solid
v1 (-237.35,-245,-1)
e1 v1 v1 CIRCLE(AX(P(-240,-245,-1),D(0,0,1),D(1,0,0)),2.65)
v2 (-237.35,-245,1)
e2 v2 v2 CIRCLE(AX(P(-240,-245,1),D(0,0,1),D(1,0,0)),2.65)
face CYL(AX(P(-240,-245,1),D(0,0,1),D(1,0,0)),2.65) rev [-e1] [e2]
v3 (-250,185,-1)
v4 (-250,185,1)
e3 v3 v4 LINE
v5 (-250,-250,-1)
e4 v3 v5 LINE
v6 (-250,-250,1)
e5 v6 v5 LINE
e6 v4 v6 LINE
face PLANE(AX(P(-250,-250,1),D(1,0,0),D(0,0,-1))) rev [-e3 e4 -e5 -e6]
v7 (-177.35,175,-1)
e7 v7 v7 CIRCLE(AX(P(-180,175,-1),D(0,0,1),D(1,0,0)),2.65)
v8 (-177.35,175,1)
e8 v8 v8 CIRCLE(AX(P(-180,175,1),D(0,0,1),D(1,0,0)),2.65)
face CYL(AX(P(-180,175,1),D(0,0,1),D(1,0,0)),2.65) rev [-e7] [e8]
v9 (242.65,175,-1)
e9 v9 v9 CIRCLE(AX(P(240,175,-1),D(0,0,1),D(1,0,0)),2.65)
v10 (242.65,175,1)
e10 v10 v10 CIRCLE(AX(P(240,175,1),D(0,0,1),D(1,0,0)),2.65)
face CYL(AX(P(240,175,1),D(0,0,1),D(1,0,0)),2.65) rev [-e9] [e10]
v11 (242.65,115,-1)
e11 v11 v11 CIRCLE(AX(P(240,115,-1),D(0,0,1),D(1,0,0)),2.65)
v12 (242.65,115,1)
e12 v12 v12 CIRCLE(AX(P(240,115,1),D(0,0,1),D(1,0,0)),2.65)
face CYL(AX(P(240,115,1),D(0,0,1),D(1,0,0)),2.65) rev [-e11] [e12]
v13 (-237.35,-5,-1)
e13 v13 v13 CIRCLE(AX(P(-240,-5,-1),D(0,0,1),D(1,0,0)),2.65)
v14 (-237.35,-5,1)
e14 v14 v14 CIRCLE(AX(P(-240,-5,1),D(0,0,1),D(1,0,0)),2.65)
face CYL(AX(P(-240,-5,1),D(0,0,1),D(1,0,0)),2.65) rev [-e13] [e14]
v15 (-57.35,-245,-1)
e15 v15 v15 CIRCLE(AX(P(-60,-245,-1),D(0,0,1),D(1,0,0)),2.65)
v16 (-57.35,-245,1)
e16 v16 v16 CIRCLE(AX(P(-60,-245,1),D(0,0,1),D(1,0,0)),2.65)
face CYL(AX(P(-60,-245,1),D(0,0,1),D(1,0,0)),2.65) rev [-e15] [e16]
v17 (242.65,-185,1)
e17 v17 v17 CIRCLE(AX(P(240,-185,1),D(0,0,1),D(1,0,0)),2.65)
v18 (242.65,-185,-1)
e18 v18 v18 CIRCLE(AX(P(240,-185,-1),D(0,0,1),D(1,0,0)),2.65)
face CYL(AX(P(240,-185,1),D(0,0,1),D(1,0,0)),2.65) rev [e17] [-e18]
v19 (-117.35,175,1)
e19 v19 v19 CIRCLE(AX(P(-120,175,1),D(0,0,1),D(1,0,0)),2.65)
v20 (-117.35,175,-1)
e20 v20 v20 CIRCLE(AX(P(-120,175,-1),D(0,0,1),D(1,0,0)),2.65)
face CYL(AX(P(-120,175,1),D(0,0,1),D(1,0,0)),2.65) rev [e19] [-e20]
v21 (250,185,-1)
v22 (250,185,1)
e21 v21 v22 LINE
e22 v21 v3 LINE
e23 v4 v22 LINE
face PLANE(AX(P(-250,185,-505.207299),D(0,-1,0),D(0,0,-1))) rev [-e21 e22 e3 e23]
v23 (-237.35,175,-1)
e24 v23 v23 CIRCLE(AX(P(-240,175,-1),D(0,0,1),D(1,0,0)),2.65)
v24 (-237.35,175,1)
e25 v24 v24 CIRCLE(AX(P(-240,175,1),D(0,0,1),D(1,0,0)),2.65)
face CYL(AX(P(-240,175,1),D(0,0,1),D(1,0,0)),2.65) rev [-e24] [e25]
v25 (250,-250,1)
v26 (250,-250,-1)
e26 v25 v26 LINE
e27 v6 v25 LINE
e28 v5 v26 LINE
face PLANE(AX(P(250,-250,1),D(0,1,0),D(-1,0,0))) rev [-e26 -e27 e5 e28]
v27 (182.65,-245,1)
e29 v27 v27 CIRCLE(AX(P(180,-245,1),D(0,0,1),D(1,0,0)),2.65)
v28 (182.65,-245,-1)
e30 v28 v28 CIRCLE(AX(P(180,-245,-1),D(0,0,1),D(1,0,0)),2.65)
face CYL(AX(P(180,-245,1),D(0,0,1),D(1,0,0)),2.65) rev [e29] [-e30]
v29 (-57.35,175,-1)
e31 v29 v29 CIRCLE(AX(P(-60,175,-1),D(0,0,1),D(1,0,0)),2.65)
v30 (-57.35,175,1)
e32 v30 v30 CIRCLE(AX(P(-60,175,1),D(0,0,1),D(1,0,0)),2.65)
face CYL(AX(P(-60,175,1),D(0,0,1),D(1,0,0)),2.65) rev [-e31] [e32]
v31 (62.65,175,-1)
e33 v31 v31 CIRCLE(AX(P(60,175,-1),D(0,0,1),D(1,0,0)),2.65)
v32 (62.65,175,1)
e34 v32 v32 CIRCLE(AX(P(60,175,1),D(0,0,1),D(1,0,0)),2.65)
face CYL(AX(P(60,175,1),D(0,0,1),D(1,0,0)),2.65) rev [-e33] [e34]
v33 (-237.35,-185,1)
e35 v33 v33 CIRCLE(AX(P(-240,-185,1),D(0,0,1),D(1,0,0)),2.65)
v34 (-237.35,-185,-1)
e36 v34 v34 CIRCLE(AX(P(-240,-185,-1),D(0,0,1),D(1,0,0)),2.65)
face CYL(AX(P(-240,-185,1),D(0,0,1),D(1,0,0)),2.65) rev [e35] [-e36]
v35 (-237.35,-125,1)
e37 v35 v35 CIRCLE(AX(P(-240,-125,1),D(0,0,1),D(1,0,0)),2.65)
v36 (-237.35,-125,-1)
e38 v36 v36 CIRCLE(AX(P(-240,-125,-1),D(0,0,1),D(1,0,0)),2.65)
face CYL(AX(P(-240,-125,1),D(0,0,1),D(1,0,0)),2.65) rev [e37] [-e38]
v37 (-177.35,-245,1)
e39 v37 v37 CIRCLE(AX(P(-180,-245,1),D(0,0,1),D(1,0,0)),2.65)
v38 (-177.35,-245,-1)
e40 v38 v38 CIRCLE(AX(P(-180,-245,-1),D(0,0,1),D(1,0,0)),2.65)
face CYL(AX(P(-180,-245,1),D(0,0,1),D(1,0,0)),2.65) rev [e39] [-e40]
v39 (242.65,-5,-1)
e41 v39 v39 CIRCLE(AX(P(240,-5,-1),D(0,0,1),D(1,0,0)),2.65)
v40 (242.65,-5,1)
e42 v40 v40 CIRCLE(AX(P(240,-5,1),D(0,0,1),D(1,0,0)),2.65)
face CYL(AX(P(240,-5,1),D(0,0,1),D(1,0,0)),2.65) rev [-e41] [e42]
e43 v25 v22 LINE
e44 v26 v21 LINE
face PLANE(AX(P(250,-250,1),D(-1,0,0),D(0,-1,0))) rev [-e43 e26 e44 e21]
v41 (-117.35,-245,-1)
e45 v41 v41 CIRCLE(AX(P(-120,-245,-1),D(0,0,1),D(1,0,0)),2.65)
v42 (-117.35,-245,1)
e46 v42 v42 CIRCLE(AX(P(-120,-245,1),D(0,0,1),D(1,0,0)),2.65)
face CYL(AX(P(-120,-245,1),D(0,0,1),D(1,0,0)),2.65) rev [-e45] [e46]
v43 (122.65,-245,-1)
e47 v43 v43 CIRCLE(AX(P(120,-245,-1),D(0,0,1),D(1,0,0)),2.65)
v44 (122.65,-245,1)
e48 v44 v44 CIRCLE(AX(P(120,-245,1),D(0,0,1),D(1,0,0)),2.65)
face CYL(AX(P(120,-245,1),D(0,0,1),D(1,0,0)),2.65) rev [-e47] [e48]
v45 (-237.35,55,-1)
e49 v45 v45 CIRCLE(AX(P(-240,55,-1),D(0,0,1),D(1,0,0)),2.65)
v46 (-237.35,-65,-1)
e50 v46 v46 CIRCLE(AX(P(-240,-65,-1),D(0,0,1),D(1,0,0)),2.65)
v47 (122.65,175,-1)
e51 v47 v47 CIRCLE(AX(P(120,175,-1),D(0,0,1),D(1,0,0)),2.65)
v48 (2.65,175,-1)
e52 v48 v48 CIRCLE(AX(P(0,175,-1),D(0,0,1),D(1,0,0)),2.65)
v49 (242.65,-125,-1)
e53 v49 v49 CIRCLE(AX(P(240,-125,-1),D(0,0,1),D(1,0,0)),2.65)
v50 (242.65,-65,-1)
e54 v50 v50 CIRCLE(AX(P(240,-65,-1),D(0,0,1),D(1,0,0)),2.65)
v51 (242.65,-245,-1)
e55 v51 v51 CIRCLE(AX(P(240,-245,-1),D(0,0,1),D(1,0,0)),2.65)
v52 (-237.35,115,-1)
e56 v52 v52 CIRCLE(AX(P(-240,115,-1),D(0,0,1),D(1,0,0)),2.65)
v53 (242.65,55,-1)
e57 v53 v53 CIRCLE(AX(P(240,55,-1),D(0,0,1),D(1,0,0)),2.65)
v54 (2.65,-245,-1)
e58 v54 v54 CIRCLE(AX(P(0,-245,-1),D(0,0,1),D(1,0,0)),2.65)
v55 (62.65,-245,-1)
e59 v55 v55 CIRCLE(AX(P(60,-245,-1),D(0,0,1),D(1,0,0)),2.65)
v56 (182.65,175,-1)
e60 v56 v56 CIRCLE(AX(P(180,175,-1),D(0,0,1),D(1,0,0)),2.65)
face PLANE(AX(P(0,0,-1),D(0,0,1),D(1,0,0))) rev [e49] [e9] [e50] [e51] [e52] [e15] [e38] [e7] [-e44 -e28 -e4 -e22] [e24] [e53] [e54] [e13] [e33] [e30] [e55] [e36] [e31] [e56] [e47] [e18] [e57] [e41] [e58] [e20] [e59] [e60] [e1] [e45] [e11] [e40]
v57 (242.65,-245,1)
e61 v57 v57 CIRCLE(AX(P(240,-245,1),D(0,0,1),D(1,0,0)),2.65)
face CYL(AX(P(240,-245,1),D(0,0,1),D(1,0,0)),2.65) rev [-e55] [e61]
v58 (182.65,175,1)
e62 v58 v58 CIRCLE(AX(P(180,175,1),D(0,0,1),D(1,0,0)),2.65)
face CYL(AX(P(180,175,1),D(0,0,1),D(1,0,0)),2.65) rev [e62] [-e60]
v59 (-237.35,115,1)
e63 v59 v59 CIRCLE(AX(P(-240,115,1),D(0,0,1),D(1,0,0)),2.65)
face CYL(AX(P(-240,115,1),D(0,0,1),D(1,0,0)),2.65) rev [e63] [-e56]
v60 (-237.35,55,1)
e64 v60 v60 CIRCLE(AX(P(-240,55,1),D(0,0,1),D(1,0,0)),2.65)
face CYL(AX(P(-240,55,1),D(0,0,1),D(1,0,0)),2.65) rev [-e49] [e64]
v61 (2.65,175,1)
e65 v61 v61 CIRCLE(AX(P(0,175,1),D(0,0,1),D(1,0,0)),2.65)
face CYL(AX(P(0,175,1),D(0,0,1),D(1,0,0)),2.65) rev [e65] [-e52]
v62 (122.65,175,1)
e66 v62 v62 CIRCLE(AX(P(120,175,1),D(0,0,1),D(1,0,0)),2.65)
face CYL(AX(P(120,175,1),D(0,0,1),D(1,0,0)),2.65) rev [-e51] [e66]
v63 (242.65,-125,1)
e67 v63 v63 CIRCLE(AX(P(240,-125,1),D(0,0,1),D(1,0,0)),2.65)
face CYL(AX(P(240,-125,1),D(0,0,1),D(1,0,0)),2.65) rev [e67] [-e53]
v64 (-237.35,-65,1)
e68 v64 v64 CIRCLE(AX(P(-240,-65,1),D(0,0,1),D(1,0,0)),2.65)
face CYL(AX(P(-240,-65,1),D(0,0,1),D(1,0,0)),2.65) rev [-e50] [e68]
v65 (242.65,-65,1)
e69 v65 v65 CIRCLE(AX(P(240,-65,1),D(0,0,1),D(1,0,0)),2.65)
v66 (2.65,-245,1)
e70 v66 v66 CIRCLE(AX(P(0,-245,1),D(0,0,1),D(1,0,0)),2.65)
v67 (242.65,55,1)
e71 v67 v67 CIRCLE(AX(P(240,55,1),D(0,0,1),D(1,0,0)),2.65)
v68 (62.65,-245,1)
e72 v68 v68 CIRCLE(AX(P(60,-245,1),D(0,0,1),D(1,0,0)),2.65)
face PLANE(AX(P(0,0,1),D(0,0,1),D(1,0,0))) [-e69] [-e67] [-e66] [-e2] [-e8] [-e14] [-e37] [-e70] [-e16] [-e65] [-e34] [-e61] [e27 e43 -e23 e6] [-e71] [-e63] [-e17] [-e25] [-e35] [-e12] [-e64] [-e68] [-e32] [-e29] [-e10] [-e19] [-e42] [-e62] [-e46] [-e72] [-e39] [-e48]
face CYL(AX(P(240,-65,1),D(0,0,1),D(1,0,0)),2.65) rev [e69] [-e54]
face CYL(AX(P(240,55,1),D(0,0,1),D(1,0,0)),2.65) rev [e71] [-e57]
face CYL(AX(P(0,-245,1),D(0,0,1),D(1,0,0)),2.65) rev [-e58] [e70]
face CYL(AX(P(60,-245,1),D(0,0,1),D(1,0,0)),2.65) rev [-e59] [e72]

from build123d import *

# Parameters (mm, degrees)
SKETCH1_W            = 500
SKETCH1_H            = 500
BOSS_EXTRUDE1_DEPTH  = 1
LPATTERN1_COUNT      = 9
LPATTERN1_PITCH      = 60
LPATTERN2_COUNT      = 9
LPATTERN2_PITCH      = 60
LPATTERN3_COUNT      = 8
LPATTERN3_PITCH      = 60
LPATTERN3_COUNT_DIR2 = 2
LPATTERN3_PITCH_DIR2 = 60
SKETCH8_W            = 500
SKETCH8_H            = 65
CUT_EXTRUDE3_DEPTH   = 2


with BuildPart() as part:
    # Sketch1 → Boss-Extrude1 (new, symmetric)
    with BuildSketch(Plane.XY):
        Rectangle(SKETCH1_W, SKETCH1_H)
    extrude(amount=BOSS_EXTRUDE1_DEPTH, both=True)

    # Sketch3 → M5 Clearance Hole2 (revolve, cut)
    with BuildSketch(Plane(origin=(-240, -245, 1), x_dir=(0, -1, 0), z_dir=(1, 0, 0))):
        Polygon((0, 0), (0, 9.59228064), (2.65, 8), (2.65, 0), align=None)
    m5_clearance_hole2 = revolve(axis=Axis((-240, -245, 7.35), (0, 0, -1)), mode=Mode.SUBTRACT)

    # LPattern1: M5 Clearance Hole2 ×9
    with Locations(*[(i * LPATTERN1_PITCH, 0, 0) for i in range(1, LPATTERN1_COUNT)]):
        add(m5_clearance_hole2, mode=Mode.SUBTRACT)

    # Sketch6 → M5 Clearance Hole1 (revolve, cut)
    with BuildSketch(Plane(origin=(-240, 175, 1), x_dir=(0, -1, 0), z_dir=(1, 0, 0))):
        Polygon((0, 0), (0, 9.59228064), (2.65, 8), (2.65, 0), align=None)
    m5_clearance_hole1 = revolve(axis=Axis((-240, 175, 7.35), (0, 0, -1)), mode=Mode.SUBTRACT)

    # LPattern2: M5 Clearance Hole1 ×9
    with Locations(*[(i * LPATTERN2_PITCH, 0, 0) for i in range(1, LPATTERN2_COUNT)]):
        add(m5_clearance_hole1, mode=Mode.SUBTRACT)

    # LPattern3: M5 Clearance Hole1 8 × 2
    with Locations(*[Vector(0, -1, 0) * (i * LPATTERN3_PITCH) + Vector(0, 1, 0) * (j * LPATTERN3_PITCH_DIR2) for i in range(LPATTERN3_COUNT) for j in range(LPATTERN3_COUNT_DIR2) if (i, j) != (0, 0)]):
        add(m5_clearance_hole1, mode=Mode.SUBTRACT)

    # Mirror1 copy 1 sketch → Mirror1 copy 1 (revolve, cut)
    with BuildSketch(Plane(origin=(240, 235, 1), x_dir=(0, -1, 0), z_dir=(-1, 0, 0))):
        Polygon((0, 0), (0, -9.59228064), (2.65, -8), (2.65, 0), align=None)
    revolve(axis=Axis((240, 235, 7.35), (0, 0, 1)), mode=Mode.SUBTRACT)

    # Mirror1 copy 2 sketch → Mirror1 copy 2 (revolve, cut)
    with BuildSketch(Plane(origin=(240, 115, 1), x_dir=(0, -1, 0), z_dir=(-1, 0, 0))):
        Polygon((0, 0), (0, -9.59228064), (2.65, -8), (2.65, 0), align=None)
    revolve(axis=Axis((240, 115, 7.35), (0, 0, 1)), mode=Mode.SUBTRACT)

    # Mirror1 copy 3 sketch → Mirror1 copy 3 (revolve, cut)
    with BuildSketch(Plane(origin=(240, 175, 1), x_dir=(0, -1, 0), z_dir=(-1, 0, 0))):
        Polygon((0, 0), (0, -9.59228064), (2.65, -8), (2.65, 0), align=None)
    revolve(axis=Axis((240, 175, 7.35), (0, 0, 1)), mode=Mode.SUBTRACT)

    # Mirror1 copy 4 sketch → Mirror1 copy 4 (revolve, cut)
    with BuildSketch(Plane(origin=(240, 55, 1), x_dir=(0, -1, 0), z_dir=(-1, 0, 0))):
        Polygon((0, 0), (0, -9.59228064), (2.65, -8), (2.65, 0), align=None)
    revolve(axis=Axis((240, 55, 7.35), (0, 0, 1)), mode=Mode.SUBTRACT)

    # Mirror1 copy 5 sketch → Mirror1 copy 5 (revolve, cut)
    with BuildSketch(Plane(origin=(240, 115, 1), x_dir=(0, -1, 0), z_dir=(-1, 0, 0))):
        Polygon((0, 0), (0, -9.59228064), (2.65, -8), (2.65, 0), align=None)
    revolve(axis=Axis((240, 115, 7.35), (0, 0, 1)), mode=Mode.SUBTRACT)

    # Mirror1 copy 6 sketch → Mirror1 copy 6 (revolve, cut)
    with BuildSketch(Plane(origin=(240, -5, 1), x_dir=(0, -1, 0), z_dir=(-1, 0, 0))):
        Polygon((0, 0), (0, -9.59228064), (2.65, -8), (2.65, 0), align=None)
    revolve(axis=Axis((240, -5, 7.35), (0, 0, 1)), mode=Mode.SUBTRACT)

    # Mirror1 copy 7 sketch → Mirror1 copy 7 (revolve, cut)
    with BuildSketch(Plane(origin=(240, 55, 1), x_dir=(0, -1, 0), z_dir=(-1, 0, 0))):
        Polygon((0, 0), (0, -9.59228064), (2.65, -8), (2.65, 0), align=None)
    revolve(axis=Axis((240, 55, 7.35), (0, 0, 1)), mode=Mode.SUBTRACT)

    # Mirror1 copy 8 sketch → Mirror1 copy 8 (revolve, cut)
    with BuildSketch(Plane(origin=(240, -65, 1), x_dir=(0, -1, 0), z_dir=(-1, 0, 0))):
        Polygon((0, 0), (0, -9.59228064), (2.65, -8), (2.65, 0), align=None)
    revolve(axis=Axis((240, -65, 7.35), (0, 0, 1)), mode=Mode.SUBTRACT)

    # Mirror1 copy 9 sketch → Mirror1 copy 9 (revolve, cut)
    with BuildSketch(Plane(origin=(240, -5, 1), x_dir=(0, -1, 0), z_dir=(-1, 0, 0))):
        Polygon((0, 0), (0, -9.59228064), (2.65, -8), (2.65, 0), align=None)
    revolve(axis=Axis((240, -5, 7.35), (0, 0, 1)), mode=Mode.SUBTRACT)

    # Mirror1 copy 10 sketch → Mirror1 copy 10 (revolve, cut)
    with BuildSketch(Plane(origin=(240, -125, 1), x_dir=(0, -1, 0), z_dir=(-1, 0, 0))):
        Polygon((0, 0), (0, -9.59228064), (2.65, -8), (2.65, 0), align=None)
    revolve(axis=Axis((240, -125, 7.35), (0, 0, 1)), mode=Mode.SUBTRACT)

    # Mirror1 copy 11 sketch → Mirror1 copy 11 (revolve, cut)
    with BuildSketch(Plane(origin=(240, -65, 1), x_dir=(0, -1, 0), z_dir=(-1, 0, 0))):
        Polygon((0, 0), (0, -9.59228064), (2.65, -8), (2.65, 0), align=None)
    revolve(axis=Axis((240, -65, 7.35), (0, 0, 1)), mode=Mode.SUBTRACT)

    # Mirror1 copy 12 sketch → Mirror1 copy 12 (revolve, cut)
    with BuildSketch(Plane(origin=(240, -185, 1), x_dir=(0, -1, 0), z_dir=(-1, 0, 0))):
        Polygon((0, 0), (0, -9.59228064), (2.65, -8), (2.65, 0), align=None)
    revolve(axis=Axis((240, -185, 7.35), (0, 0, 1)), mode=Mode.SUBTRACT)

    # Mirror1 copy 13 sketch → Mirror1 copy 13 (revolve, cut)
    with BuildSketch(Plane(origin=(240, -125, 1), x_dir=(0, -1, 0), z_dir=(-1, 0, 0))):
        Polygon((0, 0), (0, -9.59228064), (2.65, -8), (2.65, 0), align=None)
    revolve(axis=Axis((240, -125, 7.35), (0, 0, 1)), mode=Mode.SUBTRACT)

    # Mirror1 copy 14 sketch → Mirror1 copy 14 (revolve, cut)
    with BuildSketch(Plane(origin=(240, -245, 1), x_dir=(0, -1, 0), z_dir=(-1, 0, 0))):
        Polygon((0, 0), (0, -9.59228064), (2.65, -8), (2.65, 0), align=None)
    revolve(axis=Axis((240, -245, 7.35), (0, 0, 1)), mode=Mode.SUBTRACT)

    # Mirror1 copy 15 sketch → Mirror1 copy 15 (revolve, cut)
    with BuildSketch(Plane(origin=(240, -185, 1), x_dir=(0, -1, 0), z_dir=(-1, 0, 0))):
        Polygon((0, 0), (0, -9.59228064), (2.65, -8), (2.65, 0), align=None)
    revolve(axis=Axis((240, -185, 7.35), (0, 0, 1)), mode=Mode.SUBTRACT)

    # Mirror1 copy 16 sketch → Mirror1 copy 16 (revolve, cut)
    with BuildSketch(Plane(origin=(240, 175, 1), x_dir=(0, -1, 0), z_dir=(-1, 0, 0))):
        Polygon((0, 0), (0, -9.59228064), (2.65, -8), (2.65, 0), align=None)
    revolve(axis=Axis((240, 175, 7.35), (0, 0, 1)), mode=Mode.SUBTRACT)

    # Sketch8 → Cut-Extrude3 (cut)
    with BuildSketch(Plane.XY.offset(1)):
        with Locations((0, 217.5)):
            Rectangle(SKETCH8_W, SKETCH8_H)
    extrude(amount=-CUT_EXTRUDE3_DEPTH, mode=Mode.SUBTRACT)


solid = part.part
